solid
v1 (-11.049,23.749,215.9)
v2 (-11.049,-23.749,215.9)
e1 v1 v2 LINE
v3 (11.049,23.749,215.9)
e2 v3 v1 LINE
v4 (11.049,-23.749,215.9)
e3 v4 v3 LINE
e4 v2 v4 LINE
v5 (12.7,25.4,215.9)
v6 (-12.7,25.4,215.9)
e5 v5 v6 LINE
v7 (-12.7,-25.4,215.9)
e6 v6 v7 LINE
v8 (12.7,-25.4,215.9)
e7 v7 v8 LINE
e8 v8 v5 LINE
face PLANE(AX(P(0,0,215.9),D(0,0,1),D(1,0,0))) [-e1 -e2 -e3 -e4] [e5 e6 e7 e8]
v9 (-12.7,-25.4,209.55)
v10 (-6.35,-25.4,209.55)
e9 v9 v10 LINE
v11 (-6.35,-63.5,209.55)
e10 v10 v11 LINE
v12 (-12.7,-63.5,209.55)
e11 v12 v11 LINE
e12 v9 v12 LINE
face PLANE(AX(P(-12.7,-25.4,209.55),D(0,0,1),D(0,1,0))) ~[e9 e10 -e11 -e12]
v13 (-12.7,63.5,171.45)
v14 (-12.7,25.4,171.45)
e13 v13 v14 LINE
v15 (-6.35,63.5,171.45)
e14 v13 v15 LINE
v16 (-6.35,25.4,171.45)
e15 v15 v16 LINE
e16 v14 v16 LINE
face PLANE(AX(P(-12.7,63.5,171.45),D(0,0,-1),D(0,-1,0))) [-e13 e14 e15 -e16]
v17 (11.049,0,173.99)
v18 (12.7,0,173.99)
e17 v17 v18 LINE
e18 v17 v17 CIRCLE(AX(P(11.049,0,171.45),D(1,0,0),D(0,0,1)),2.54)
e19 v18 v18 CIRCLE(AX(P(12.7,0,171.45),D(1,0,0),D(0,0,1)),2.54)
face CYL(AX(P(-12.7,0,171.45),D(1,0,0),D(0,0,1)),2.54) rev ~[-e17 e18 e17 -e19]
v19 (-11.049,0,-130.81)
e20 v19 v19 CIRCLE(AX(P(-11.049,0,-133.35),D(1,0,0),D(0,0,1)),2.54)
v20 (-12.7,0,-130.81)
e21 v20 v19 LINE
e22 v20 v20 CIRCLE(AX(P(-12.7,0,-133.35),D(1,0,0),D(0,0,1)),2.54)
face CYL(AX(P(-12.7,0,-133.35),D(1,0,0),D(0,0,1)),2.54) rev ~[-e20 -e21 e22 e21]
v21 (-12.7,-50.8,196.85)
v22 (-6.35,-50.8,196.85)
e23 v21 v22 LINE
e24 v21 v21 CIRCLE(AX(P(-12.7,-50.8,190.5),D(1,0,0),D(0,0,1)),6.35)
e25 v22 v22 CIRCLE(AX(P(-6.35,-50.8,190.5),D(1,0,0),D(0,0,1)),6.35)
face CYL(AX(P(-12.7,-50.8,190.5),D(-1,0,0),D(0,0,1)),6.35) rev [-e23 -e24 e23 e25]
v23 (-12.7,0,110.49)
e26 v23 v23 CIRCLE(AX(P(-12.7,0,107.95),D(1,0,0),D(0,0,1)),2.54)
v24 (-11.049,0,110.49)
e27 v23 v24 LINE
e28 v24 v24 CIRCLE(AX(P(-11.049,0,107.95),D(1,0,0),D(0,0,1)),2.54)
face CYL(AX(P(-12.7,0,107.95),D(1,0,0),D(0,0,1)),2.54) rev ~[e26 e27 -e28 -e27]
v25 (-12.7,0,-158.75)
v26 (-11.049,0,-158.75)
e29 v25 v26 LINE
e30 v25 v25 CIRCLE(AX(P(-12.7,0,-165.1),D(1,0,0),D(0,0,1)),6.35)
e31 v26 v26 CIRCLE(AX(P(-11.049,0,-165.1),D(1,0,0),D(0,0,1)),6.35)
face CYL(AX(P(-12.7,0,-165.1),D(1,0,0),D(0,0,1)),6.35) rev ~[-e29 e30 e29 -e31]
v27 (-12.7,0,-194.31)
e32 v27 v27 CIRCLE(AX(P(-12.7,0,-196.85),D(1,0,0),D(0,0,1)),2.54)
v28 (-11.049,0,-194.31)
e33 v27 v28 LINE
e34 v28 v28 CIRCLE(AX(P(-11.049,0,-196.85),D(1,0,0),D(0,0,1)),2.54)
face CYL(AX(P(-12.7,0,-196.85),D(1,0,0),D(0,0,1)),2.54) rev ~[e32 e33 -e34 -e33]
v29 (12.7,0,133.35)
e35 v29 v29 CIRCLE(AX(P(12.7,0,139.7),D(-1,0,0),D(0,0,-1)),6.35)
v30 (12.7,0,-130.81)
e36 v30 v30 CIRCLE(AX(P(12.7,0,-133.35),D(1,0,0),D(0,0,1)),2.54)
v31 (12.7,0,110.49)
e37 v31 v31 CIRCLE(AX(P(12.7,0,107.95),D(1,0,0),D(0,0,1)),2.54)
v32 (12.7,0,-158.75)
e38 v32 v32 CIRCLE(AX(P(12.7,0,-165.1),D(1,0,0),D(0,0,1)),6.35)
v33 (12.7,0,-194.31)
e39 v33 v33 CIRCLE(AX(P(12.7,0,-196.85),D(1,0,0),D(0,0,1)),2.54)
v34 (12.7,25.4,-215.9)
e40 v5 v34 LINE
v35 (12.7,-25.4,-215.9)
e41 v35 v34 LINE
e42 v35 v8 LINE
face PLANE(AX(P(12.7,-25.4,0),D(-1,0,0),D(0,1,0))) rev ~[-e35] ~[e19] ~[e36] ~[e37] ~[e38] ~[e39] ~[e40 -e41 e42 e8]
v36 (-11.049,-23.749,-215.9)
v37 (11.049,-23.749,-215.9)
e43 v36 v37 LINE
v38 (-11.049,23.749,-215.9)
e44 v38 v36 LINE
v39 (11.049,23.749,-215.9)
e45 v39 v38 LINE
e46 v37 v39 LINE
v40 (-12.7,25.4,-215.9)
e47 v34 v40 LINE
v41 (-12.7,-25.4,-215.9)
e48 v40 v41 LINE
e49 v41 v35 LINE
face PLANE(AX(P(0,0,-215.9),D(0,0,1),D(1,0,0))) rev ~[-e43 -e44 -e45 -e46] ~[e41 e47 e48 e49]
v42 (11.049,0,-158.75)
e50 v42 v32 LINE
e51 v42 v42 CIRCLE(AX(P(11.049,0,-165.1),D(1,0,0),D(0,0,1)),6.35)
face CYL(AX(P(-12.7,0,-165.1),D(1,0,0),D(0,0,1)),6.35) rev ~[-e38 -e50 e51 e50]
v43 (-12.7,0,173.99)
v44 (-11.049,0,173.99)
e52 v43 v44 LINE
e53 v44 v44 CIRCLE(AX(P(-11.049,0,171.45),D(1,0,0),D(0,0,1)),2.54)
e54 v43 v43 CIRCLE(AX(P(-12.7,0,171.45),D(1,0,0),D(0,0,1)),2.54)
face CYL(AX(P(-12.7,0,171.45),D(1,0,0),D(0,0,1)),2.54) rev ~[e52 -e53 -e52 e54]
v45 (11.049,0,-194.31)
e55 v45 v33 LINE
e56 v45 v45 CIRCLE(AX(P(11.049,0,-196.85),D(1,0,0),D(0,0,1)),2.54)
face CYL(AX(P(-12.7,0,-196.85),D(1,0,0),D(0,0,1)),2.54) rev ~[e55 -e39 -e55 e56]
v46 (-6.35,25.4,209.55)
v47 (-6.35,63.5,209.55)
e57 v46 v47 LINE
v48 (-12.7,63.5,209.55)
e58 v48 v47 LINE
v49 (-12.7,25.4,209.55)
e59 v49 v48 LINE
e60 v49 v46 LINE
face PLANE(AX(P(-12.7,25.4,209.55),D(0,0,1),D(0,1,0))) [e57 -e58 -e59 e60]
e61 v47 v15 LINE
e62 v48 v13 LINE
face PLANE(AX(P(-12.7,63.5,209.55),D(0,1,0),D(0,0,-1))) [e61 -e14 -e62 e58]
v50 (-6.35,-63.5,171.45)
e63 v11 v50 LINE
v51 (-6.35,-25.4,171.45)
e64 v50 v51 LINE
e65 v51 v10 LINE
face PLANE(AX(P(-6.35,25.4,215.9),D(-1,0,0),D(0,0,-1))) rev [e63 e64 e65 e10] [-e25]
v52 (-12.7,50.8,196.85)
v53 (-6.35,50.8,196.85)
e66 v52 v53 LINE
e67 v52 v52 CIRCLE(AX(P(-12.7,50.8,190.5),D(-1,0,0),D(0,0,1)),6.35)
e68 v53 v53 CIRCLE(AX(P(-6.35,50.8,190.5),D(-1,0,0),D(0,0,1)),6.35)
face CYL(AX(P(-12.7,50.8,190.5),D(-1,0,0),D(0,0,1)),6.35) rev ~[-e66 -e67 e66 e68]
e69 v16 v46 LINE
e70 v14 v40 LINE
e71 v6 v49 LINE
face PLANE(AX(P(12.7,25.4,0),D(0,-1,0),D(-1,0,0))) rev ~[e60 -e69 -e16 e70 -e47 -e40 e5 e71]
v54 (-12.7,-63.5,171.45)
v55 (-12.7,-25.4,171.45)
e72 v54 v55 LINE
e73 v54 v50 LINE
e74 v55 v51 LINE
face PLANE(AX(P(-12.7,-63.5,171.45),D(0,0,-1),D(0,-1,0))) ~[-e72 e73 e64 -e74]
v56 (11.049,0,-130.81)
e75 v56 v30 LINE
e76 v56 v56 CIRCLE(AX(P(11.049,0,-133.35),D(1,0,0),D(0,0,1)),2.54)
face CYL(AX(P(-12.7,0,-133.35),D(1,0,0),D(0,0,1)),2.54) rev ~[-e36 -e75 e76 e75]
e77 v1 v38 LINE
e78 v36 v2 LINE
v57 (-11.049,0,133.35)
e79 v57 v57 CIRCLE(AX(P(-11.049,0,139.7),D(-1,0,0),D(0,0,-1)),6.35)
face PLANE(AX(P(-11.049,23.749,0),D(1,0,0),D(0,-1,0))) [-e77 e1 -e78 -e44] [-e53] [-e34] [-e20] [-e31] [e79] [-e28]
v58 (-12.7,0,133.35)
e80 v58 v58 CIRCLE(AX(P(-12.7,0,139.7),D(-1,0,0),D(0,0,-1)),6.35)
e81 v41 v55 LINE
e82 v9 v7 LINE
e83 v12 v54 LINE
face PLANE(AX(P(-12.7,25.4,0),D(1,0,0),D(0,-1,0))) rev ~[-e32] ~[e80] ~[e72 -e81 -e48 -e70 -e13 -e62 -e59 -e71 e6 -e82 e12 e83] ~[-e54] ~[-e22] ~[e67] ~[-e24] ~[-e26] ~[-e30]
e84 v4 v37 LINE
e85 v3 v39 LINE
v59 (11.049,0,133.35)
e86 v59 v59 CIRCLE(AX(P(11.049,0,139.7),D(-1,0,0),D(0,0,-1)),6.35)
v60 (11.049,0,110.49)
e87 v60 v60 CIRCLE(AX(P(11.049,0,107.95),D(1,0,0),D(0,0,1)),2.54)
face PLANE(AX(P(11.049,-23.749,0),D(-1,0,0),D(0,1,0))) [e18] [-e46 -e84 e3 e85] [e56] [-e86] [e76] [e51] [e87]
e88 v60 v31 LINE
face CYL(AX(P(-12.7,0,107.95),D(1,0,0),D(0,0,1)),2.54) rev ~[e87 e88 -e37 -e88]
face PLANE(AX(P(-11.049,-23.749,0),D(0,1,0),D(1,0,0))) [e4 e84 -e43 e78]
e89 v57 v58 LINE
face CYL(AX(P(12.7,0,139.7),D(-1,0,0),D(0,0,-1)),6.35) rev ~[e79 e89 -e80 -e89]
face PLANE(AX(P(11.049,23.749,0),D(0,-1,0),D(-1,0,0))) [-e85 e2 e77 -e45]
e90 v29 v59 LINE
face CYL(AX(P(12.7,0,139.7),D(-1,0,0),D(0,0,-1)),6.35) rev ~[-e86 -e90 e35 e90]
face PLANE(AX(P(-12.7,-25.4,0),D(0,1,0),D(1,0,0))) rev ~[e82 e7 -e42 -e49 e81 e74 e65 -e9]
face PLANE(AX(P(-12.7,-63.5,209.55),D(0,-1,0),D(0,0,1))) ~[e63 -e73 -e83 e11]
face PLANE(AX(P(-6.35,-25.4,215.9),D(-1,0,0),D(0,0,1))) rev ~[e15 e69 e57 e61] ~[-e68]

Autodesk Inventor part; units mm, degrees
ref_plane "XY Plane" through (0, 0, 0) normal (0, 0, 1) x (1, 0, 0)
sketch "Sketch1" plane through (0, 0, 0) normal (0, 0, 1) x (1, 0, 0)
  line L0 (-12.7, -25.4) -> (12.7, -25.4)
  line L1 (12.7, -25.4) -> (12.7, 25.4)
  line L2 (12.7, 25.4) -> (-12.7, 25.4)
  line L3 (-12.7, 25.4) -> (-12.7, -25.4)
  line L4 (-12.7, -25.4) -> (12.7, 25.4) construction
  line L5 (12.7, -25.4) -> (-12.7, 25.4) construction
  line L6 (-11.049, -23.749) -> (11.049, -23.749)
  line L7 (11.049, -23.749) -> (11.049, 23.749)
  line L8 (11.049, 23.749) -> (-11.049, 23.749)
  line L9 (-11.049, 23.749) -> (-11.049, -23.749)
  line L10 (-11.049, -23.749) -> (11.049, 23.749) construction
  line L11 (11.049, -23.749) -> (-11.049, 23.749) construction
  point P0 (0, 0)
  dimension "d0" = 25.4
  dimension "d1" = 50.8
  dimension "d4" = 22.098
  dimension "d5" = 47.498
extrude "Extrusion2" add sketch "Sketch1" along normal mid plane 431.8
sketch "Sketch2" plane through (12.7, -25.4, 215.9) normal (1, 0, 0) x (0, 0, -1)
  line L0 (431.8, 50.8) -> (0, 50.8) projected
  line L1 (0, 0) -> (0, 50.8) projected
  line L2 (431.8, 0) -> (0, 0) projected
  line L3 (431.8, 50.8) -> (431.8, 0) projected
  point P0 (215.9, 25.4)
  point P1 (76.2, 25.4)
  dimension "d8" = 76.2
  dimension "d9" = 25.4
hole "Hole1" at (12.7, 0, 139.7) direction (-1, 0, 0) diameter 12.7 end through all
ref_plane "Work Plane1" through (-12.7, -25.4, 215.9) normal (-1, 0, 0) x (0, 0, 1)
ref_plane "Work Plane2" through (12.7, -25.4, 215.9) normal (-1, 0, 0) x (0, 0, 1)
sketch "Sketch4" plane through (-12.7, -25.4, 215.9) normal (-1, 0, 0) x (0, 0, 1)
  circle A0 centre (-76.2, 25.4) radius 6.35 projected
  line L0 (0, 0) -> (-431.8, 0) projected
  line L1 (0, 50.8) -> (0, 0) projected
  line L2 (-431.8, 50.8) -> (0, 50.8) projected
  line L3 (-431.8, 0) -> (-431.8, 50.8) projected
  point P0 (-215.9, 25.4)
  point P1 (-381, 25.4)
  dimension "d29" = 50.8
  dimension "d30" = 25.4
hole "Hole3" at (-12.7, 0, -165.1) direction (1, 0, 0) diameter 12.7 end through all
sketch "Sketch5" plane through (-12.7, -25.4, 215.9) normal (-1, 0, 0) x (0, 0, 1)
  circle A0 centre (-381, 25.4) radius 6.35 projected
  circle A1 centre (-76.2, 25.4) radius 6.35 projected
  line L0 (0, 0) -> (-431.8, 0) projected
  line L1 (0, 50.8) -> (0, 0) projected
  line L2 (-431.8, 50.8) -> (0, 50.8) projected
  line L3 (-431.8, 0) -> (-431.8, 50.8) projected
  point P0 (-215.9, 25.4)
  point P1 (-412.75, 25.4)
  point P2 (-349.25, 25.4)
  dimension "d38" = 31.75
  dimension "d39" = 63.5
hole "Hole4" at (-12.7, 0, -133.35) at (-12.7, 0, -196.85) direction (1, 0, 0) diameter 5.08 end through all
ref_plane "Work Plane3" through (-12.7, 25.4, 215.9) normal (0, 1, 0) x (1, 0, 0)
sketch "Sketch7" plane through (-12.7, -25.4, 215.9) normal (-1, 0, 0) x (0, 0, 1)
  circle A0 centre (-412.75, 25.4) radius 2.54 projected
  circle A1 centre (-349.25, 25.4) radius 2.54 projected
  circle A2 centre (-381, 25.4) radius 6.35 projected
  circle A3 centre (-76.2, 25.4) radius 6.35 projected
  line L0 (0, 0) -> (-431.8, 0) projected
  line L1 (0, 50.8) -> (0, 0) projected
  line L2 (-431.8, 50.8) -> (0, 50.8) projected
  line L3 (-431.8, 0) -> (-431.8, 50.8) projected
  circle A4 centre (-25.4, 76.2) radius 6.35
  line L4 (-44.45, 50.8) -> (-6.35, 50.8)
  line L5 (-6.35, 50.8) -> (-6.35, 88.9)
  line L6 (-6.35, 88.9) -> (-44.45, 88.9)
  line L7 (-44.45, 88.9) -> (-44.45, 50.8)
  point P0 (-215.9, 25.4)
  dimension "d56" = 12.7
  dimension "d57" = 25.4
  dimension "d58" = 25.4
  dimension "d59" = 38.1
  dimension "d60" = 38.1
  dimension "d61" = 19.05
extrude "Extrusion4" add sketch "Sketch7" against normal blind 6.35 contours L2 L7 L6 L5
mirror "Mirror3" about plane through (0, 0, 0) normal (0, 1, 0) of "Extrusion4"
pattern_linear "Rectangular Pattern1" count 2 spacing 304.8 along (0, 0, 1) of "Hole4"
properties part number "Steel 4130 1x2in. Tubing, t=.065in.,L=22in. Mirrored" material "Steel"
